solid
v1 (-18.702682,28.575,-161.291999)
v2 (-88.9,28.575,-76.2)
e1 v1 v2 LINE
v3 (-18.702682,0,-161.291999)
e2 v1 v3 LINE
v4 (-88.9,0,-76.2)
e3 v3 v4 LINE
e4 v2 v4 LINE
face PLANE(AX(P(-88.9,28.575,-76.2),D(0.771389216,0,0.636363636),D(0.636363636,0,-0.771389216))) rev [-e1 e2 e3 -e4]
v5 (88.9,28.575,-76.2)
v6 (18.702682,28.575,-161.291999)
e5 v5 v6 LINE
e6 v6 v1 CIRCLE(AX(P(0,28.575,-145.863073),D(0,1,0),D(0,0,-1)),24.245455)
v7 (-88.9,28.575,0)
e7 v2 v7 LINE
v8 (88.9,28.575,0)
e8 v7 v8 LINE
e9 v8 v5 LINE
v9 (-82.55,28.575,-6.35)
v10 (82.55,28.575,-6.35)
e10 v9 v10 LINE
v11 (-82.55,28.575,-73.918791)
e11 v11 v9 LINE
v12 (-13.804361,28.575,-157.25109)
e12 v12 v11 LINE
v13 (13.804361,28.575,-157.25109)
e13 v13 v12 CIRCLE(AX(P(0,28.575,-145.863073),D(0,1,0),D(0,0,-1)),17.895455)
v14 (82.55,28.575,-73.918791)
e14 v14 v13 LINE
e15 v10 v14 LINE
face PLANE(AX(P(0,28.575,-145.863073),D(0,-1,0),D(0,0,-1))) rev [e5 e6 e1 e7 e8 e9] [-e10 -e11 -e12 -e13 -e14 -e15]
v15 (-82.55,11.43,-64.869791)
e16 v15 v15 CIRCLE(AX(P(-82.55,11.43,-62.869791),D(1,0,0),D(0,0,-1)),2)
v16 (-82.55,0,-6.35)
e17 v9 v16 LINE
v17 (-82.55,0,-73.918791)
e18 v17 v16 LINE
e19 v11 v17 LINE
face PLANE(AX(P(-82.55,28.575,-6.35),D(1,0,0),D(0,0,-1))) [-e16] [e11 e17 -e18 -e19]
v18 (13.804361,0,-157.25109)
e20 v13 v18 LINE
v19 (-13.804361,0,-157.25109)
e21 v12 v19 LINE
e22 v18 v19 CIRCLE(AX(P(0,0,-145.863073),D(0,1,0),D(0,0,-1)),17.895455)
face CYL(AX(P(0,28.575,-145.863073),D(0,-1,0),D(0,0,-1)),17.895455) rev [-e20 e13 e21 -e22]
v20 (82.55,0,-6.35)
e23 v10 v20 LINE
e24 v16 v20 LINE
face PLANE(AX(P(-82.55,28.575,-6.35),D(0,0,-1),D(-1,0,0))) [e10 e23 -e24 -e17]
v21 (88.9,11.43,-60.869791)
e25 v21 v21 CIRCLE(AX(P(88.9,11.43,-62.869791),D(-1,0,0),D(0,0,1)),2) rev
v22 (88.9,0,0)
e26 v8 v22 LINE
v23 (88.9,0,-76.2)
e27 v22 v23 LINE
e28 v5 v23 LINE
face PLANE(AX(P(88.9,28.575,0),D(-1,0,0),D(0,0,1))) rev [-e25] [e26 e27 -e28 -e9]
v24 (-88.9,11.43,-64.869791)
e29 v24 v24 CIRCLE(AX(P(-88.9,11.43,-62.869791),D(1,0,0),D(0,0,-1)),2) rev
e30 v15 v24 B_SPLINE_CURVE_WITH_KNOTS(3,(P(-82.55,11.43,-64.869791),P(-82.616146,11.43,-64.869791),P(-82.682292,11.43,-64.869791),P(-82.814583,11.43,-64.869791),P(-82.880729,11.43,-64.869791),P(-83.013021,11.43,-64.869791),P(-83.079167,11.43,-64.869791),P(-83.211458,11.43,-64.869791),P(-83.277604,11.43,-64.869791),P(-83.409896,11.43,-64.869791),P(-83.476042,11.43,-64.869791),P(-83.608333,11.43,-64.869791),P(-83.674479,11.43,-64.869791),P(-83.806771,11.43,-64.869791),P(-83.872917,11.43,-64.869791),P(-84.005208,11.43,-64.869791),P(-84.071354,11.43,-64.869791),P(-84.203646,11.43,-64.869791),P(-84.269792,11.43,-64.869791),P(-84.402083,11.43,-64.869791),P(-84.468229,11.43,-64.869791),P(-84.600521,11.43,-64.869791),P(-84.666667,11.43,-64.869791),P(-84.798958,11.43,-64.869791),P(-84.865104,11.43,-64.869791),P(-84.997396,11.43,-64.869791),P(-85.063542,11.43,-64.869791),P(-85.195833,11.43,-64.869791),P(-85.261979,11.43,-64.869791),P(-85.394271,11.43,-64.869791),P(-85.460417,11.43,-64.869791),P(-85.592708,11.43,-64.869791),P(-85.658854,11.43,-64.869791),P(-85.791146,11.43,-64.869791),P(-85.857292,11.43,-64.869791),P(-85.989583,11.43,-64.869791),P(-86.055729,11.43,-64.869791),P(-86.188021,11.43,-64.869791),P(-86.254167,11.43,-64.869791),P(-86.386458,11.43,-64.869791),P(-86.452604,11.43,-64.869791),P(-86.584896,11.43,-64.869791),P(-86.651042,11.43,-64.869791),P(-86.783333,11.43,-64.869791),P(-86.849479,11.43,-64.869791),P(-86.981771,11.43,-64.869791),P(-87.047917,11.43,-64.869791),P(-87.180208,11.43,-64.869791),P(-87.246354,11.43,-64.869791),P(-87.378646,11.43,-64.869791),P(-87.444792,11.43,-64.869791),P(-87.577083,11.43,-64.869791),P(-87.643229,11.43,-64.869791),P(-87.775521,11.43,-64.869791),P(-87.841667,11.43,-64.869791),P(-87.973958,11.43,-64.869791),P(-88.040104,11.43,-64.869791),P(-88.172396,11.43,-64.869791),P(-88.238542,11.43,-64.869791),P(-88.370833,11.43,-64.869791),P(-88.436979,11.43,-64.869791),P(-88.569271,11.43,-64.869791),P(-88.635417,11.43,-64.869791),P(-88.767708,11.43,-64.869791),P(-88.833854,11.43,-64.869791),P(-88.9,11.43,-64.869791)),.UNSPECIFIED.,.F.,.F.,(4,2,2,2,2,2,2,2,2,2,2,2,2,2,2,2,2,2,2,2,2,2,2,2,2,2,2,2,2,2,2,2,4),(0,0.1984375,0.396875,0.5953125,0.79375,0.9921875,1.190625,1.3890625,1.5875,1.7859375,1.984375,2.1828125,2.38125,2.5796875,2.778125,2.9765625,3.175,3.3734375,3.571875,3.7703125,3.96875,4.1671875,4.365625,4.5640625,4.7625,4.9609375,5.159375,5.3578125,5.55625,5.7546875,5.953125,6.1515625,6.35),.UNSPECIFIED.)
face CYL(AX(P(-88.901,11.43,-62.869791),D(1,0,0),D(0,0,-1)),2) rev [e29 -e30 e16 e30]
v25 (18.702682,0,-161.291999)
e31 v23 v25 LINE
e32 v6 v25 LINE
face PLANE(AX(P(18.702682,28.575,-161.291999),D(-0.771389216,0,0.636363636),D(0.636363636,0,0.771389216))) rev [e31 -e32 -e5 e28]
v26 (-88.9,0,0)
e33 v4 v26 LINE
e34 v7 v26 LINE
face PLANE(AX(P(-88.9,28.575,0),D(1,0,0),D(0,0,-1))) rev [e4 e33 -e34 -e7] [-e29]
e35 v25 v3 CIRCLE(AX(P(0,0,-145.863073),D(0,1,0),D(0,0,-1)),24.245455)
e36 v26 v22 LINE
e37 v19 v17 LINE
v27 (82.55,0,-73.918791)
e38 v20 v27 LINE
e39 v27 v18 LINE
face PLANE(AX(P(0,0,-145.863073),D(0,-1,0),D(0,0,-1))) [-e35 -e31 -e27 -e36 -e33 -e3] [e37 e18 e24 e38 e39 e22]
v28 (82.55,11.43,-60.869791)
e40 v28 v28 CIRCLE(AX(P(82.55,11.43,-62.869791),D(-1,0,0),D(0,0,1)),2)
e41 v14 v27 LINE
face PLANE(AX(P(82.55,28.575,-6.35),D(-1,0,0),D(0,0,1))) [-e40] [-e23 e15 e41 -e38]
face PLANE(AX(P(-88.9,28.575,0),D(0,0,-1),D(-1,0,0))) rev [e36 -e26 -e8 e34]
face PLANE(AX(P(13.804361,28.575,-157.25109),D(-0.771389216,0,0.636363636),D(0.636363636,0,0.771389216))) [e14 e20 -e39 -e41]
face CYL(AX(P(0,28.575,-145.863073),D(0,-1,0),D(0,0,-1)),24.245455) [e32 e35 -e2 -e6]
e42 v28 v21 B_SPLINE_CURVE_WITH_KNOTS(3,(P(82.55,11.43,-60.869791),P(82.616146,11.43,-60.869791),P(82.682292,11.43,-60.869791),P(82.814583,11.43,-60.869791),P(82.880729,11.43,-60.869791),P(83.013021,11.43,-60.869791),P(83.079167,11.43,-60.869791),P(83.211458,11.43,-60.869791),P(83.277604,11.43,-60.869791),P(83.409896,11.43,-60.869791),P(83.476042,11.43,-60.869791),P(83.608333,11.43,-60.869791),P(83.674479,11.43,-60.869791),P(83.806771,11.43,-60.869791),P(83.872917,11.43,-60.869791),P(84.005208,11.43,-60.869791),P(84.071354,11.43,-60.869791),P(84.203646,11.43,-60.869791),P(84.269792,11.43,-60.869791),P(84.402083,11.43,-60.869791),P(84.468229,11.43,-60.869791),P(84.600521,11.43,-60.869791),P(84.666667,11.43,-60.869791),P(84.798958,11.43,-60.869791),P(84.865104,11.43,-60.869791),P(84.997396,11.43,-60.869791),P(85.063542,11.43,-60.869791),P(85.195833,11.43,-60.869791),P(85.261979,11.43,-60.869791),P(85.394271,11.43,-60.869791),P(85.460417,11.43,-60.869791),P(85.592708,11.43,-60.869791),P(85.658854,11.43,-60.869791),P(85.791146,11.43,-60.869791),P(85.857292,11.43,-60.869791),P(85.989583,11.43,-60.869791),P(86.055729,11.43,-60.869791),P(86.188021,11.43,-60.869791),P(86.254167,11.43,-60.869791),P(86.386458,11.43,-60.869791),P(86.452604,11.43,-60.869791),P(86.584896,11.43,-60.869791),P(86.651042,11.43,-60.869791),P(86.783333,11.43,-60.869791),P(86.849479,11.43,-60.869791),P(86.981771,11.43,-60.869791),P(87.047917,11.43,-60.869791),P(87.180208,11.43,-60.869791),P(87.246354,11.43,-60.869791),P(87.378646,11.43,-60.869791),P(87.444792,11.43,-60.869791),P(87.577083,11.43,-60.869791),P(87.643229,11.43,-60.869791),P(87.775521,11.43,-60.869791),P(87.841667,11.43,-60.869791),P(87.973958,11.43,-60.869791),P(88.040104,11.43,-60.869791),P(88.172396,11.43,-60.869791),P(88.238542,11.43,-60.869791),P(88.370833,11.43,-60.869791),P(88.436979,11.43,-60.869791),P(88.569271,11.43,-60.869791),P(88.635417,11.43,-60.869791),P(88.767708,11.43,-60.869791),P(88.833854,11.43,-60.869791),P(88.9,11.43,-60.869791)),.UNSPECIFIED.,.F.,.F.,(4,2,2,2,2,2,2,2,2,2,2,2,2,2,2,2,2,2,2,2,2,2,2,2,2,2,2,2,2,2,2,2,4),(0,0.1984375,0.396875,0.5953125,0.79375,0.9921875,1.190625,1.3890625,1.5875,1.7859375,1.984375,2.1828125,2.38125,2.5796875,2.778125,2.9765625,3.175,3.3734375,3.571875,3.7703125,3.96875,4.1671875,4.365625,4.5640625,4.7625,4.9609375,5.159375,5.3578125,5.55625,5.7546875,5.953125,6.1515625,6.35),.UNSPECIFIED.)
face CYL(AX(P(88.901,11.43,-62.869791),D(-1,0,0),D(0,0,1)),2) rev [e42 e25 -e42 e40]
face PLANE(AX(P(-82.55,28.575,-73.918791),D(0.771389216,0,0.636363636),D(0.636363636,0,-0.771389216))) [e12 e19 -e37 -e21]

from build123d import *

# Parameters (mm, degrees)
BOSS_EXTRUDE1_DEPTH = 28.575
CUT_EXTRUDE1_REACH  = 278.603
CUT_EXTRUDE1_START  = -82.55
SKETCH2_R           = 2
CUT_EXTRUDE3_REACH  = 278.603
CUT_EXTRUDE3_START  = 82.55
SKETCH2_2_R         = 2


with BuildPart() as part:
    # Sketch1 → Boss-Extrude1 (new body)
    with BuildSketch(Plane(origin=(0, 0, 0), x_dir=(1, 0, 0), z_dir=(0, 1, 0))):
        with BuildLine():
            Line((-88.9, 0), (88.9, 0))
            Line((88.9, 0), (88.9, 76.2))
            Line((88.9, 76.2), (18.702682169, 161.291999073))
            ThreePointArc((18.702682169, 161.291999073), (0, 170.108527998), (-18.702682169, 161.291999073))
            Line((-18.702682169, 161.291999073), (-88.9, 76.2))
            Line((-88.9, 76.2), (-88.9, 0))
        make_face()
        with BuildLine():
            Line((-82.55, 6.35), (-82.55, 73.918790961))
            Line((-82.55, 73.918790961), (-13.804360649, 157.251089982))
            ThreePointArc((-13.804360649, 157.251089982), (0, 163.758527998), (13.804360649, 157.251089982))
            Line((13.804360649, 157.251089982), (82.55, 73.918790961))
            Line((82.55, 73.918790961), (82.55, 6.35))
            Line((82.55, 6.35), (-82.55, 6.35))
        make_face(mode=Mode.SUBTRACT)
    extrude(amount=BOSS_EXTRUDE1_DEPTH)

    # Sketch2 → Cut-Extrude1 (cut, up to next)
    with BuildSketch(Plane(origin=(0, 0, 0), x_dir=(0, 0, -1), z_dir=(1, 0, 0)).offset(CUT_EXTRUDE1_START), mode=Mode.PRIVATE) as cut_extrude1_sk1:
        with Locations((62.869790961, 11.43)):
            Circle(SKETCH2_R)
    cut_extrude1_tool1 = extrude(cut_extrude1_sk1.sketch, amount=-CUT_EXTRUDE1_REACH, mode=Mode.PRIVATE) & part.part
    add(cut_extrude1_tool1.solids().sort_by_distance((-82.55, 11.43, -62.869791))[0], mode=Mode.SUBTRACT)

    # Sketch2<2> → Cut-Extrude3 (cut, up to next)
    with BuildSketch(Plane(origin=(0, 0, 0), x_dir=(0, 0, -1), z_dir=(1, 0, 0)).offset(CUT_EXTRUDE3_START), mode=Mode.PRIVATE) as cut_extrude3_sk1:
        with Locations((62.869790961, 11.43)):
            Circle(SKETCH2_2_R)
    cut_extrude3_tool1 = extrude(cut_extrude3_sk1.sketch, amount=CUT_EXTRUDE3_REACH, mode=Mode.PRIVATE) & part.part
    add(cut_extrude3_tool1.solids().sort_by_distance((82.55, 11.43, -62.869791))[0], mode=Mode.SUBTRACT)


solid = part.part
